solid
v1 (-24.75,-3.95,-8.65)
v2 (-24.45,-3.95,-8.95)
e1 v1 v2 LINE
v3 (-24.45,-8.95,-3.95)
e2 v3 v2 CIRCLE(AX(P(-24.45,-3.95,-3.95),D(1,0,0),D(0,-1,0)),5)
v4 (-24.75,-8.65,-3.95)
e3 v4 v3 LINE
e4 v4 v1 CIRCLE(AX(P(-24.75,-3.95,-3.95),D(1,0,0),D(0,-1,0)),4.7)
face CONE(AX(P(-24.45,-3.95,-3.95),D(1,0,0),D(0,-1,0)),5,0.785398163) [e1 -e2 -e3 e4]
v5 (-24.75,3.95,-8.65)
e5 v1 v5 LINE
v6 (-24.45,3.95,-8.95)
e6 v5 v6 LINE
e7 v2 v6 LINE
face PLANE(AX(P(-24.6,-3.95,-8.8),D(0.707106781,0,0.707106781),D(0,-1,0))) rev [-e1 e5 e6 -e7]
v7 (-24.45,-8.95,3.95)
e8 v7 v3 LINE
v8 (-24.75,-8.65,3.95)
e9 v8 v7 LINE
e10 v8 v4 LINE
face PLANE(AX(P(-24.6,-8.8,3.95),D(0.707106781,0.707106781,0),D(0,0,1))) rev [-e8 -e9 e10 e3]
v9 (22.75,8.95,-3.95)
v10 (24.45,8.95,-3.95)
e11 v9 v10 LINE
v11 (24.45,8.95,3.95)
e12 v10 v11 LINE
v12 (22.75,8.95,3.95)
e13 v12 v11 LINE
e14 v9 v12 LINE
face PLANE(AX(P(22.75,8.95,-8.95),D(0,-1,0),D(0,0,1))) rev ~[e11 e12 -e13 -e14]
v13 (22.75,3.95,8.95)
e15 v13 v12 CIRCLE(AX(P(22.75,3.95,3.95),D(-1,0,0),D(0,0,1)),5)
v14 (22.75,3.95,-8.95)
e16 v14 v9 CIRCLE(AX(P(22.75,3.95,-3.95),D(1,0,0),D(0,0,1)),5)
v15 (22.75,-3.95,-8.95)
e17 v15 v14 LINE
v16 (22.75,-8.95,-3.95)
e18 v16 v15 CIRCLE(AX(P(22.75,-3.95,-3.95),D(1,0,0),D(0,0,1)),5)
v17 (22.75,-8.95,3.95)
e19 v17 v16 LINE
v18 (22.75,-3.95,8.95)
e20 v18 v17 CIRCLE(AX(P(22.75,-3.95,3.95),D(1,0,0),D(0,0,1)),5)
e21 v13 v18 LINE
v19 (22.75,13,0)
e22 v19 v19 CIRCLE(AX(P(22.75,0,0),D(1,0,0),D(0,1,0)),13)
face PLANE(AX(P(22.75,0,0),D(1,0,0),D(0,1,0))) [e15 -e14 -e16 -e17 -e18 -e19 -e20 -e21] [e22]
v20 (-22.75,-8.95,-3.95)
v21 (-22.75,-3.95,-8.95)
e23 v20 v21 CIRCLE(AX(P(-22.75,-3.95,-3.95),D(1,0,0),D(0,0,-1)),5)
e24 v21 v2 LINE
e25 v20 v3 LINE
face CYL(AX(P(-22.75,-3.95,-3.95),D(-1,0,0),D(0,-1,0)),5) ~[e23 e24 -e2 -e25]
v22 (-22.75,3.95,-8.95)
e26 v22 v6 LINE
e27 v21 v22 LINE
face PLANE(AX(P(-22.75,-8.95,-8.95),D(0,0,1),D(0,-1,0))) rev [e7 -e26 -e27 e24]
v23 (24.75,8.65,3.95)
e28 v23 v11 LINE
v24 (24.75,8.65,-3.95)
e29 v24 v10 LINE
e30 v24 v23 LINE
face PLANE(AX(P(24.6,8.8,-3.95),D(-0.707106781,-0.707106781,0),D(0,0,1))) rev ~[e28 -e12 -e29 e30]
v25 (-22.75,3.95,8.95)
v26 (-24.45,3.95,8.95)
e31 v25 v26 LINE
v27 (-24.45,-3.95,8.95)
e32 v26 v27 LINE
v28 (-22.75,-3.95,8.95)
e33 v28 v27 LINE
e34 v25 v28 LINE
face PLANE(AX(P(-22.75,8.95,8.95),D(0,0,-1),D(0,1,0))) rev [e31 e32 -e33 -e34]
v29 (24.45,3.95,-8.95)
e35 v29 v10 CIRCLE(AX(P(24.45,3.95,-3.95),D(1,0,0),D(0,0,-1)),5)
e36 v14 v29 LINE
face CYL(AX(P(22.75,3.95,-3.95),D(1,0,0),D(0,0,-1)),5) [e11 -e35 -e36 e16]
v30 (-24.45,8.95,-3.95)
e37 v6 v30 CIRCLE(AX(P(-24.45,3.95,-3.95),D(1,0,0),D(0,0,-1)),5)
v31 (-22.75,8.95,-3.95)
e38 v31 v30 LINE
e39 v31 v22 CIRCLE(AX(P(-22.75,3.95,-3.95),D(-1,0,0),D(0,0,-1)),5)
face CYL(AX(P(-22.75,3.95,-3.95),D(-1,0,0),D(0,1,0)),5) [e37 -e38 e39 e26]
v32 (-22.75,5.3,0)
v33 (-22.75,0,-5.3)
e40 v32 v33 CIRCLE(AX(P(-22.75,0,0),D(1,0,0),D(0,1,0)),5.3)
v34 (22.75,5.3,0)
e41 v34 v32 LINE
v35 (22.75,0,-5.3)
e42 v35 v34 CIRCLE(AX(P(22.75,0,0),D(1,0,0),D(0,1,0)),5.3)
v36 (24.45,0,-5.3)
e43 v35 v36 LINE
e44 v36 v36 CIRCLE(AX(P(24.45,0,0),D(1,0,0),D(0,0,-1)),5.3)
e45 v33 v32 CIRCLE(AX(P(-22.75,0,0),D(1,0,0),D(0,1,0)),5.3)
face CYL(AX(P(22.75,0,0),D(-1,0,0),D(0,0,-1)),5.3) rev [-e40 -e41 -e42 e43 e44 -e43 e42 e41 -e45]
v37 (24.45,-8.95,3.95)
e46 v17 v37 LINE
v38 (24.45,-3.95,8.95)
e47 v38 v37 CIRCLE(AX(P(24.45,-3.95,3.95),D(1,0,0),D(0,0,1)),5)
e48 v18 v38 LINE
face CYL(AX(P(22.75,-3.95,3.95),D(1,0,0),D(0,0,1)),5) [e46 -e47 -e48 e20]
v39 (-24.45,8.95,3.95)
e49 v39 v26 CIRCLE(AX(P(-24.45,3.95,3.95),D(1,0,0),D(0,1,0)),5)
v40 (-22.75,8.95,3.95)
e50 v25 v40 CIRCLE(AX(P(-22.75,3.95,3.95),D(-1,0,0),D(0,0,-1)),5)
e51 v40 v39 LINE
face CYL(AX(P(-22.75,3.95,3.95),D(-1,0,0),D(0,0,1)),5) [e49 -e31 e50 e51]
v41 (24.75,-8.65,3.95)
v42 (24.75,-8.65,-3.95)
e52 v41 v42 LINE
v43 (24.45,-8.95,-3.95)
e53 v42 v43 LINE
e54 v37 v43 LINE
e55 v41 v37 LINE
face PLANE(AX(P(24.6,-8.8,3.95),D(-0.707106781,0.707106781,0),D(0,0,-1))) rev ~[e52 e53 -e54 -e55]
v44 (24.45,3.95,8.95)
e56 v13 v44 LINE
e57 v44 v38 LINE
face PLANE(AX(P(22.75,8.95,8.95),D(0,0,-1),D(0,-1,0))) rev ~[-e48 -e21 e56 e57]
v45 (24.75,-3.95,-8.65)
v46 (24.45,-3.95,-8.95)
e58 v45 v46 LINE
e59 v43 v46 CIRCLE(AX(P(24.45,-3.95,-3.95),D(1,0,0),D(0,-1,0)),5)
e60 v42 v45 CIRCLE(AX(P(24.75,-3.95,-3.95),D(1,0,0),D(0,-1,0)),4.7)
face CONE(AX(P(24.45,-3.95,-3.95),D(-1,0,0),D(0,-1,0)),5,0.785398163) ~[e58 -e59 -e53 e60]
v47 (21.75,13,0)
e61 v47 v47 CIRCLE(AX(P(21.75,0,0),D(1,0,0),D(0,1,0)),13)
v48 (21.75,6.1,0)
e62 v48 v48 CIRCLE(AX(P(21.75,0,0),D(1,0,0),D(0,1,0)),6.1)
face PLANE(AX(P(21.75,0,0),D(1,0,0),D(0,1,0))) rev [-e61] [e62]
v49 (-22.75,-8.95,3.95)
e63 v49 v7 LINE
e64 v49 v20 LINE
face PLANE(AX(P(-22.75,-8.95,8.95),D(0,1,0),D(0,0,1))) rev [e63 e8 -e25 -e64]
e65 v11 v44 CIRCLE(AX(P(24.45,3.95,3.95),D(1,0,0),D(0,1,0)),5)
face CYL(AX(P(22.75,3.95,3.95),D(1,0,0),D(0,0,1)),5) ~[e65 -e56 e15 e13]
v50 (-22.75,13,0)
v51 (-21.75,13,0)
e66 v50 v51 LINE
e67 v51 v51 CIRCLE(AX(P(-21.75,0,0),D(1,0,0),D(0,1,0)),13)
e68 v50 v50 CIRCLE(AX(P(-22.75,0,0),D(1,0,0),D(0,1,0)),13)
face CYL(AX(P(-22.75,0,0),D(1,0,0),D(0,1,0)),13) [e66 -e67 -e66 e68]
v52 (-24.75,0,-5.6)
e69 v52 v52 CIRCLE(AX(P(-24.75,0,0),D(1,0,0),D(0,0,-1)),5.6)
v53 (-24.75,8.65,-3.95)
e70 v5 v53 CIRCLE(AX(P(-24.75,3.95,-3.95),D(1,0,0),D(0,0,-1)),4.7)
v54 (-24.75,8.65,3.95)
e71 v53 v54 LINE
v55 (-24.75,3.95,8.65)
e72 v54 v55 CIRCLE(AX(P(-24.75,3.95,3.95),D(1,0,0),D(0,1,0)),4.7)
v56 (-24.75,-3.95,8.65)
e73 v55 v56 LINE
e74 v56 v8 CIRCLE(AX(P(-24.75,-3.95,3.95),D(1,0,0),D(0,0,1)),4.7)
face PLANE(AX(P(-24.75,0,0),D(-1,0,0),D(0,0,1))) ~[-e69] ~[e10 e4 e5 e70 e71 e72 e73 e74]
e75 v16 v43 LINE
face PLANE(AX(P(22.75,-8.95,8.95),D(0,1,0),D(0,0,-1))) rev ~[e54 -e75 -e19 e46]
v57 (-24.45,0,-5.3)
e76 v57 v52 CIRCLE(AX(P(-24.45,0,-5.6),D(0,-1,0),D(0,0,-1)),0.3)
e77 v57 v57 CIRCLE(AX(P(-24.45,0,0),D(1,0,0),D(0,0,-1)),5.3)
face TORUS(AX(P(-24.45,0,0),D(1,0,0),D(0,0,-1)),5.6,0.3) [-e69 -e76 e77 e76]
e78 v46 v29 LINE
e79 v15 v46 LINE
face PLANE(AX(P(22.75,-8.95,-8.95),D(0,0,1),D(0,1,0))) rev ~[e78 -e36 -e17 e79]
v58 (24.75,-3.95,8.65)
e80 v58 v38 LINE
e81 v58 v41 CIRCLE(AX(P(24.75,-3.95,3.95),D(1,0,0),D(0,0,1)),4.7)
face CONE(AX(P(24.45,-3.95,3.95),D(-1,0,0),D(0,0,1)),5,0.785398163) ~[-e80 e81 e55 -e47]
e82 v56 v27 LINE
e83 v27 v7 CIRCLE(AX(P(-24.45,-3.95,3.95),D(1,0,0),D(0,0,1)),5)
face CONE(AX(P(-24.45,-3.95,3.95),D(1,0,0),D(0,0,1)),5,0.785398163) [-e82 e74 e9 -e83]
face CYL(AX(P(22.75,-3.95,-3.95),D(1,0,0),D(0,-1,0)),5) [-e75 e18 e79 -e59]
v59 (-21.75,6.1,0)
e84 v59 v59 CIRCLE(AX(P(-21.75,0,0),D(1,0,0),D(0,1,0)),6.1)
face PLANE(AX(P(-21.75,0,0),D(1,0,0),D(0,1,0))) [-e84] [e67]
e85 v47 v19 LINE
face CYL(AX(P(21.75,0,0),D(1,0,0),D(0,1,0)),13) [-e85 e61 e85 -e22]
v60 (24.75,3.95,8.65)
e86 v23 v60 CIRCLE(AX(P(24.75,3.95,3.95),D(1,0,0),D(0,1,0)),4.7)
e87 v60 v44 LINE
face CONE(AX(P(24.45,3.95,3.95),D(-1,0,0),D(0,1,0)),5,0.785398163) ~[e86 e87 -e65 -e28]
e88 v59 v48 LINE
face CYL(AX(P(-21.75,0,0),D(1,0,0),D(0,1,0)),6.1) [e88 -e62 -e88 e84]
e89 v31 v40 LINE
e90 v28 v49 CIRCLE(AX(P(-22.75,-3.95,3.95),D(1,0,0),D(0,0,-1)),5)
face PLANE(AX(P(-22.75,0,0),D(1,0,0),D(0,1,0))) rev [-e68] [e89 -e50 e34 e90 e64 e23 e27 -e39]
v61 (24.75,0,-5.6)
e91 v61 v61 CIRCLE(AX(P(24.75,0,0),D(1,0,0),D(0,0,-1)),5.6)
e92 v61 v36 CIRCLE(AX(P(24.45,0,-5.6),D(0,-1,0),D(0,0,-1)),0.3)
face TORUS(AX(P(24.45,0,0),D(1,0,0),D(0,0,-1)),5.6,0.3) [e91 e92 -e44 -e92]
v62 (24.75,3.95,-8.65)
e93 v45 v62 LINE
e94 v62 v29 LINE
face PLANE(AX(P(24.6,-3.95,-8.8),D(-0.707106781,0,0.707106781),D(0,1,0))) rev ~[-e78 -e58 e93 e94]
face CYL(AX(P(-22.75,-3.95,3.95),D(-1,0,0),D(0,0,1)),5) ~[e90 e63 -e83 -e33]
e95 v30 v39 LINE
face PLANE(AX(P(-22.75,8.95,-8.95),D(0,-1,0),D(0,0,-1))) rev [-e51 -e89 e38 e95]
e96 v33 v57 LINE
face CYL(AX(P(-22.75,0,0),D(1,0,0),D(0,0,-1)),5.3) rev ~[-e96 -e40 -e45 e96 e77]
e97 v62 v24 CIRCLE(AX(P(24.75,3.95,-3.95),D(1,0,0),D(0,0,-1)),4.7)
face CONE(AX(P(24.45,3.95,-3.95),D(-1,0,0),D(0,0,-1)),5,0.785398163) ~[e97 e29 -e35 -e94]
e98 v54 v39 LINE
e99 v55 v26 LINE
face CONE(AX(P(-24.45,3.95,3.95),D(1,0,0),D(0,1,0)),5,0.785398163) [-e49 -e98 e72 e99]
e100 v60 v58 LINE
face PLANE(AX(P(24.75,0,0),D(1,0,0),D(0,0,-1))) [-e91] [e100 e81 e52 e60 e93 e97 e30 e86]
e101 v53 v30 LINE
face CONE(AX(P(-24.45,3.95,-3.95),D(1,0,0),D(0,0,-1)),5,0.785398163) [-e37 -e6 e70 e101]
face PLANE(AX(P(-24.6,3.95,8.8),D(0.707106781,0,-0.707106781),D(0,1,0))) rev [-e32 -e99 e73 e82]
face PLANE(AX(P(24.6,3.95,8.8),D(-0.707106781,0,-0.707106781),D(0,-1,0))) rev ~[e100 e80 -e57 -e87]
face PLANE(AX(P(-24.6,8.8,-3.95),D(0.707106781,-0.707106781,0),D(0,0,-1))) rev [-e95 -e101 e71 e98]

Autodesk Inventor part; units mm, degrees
ref_plane "YZ Plane" through (0, 0, 0) normal (1, 0, 0) x (0, 1, 0)
ref_plane "XZ Plane" through (0, 0, 0) normal (0, 1, 0) x (-1, 0, 0)
ref_plane "XY Plane" through (0, 0, 0) normal (0, 0, 1) x (1, 0, 0)
sketch "Skizze1" plane through (0, 0, 0) normal (0, 0, 1) x (1, 0, 0)
  line L0 (22.75, 13) -> (22.75, 5.3)
  line L1 (22.75, 5.3) -> (-22.75, 5.3)
  line L2 (-22.75, 5.3) -> (-22.75, 13)
  line L3 (-22.75, 0) -> (22.75, 0)
  line L4 (-22.75, 13) -> (-21.75, 13)
  line L5 (-21.75, 13) -> (-21.75, 6.1)
  line L6 (-21.75, 6.1) -> (21.75, 6.1)
  line L7 (21.75, 6.1) -> (21.75, 13)
  line L8 (21.75, 13) -> (22.75, 13)
  point P0 (0, 0)
  point P1 (0, 5.3)
  point P2 (0, 0)
  dimension "d0" = 10.6
  dimension "d2" = 45.5
  dimension "d8" = 1
  dimension "d9" = 0.8
  dimension "d10" = 26
revolve "Umdrehung1" add sketch "Skizze1" angle 360 about axis through (-22.75, 0, 0) along (1, 0, 0)
sketch "Skizze3" plane through (22.75, 0, 0) normal (1, 0, 0) x (0, 0, -1)
  line L0 (-8.95, -8.95) -> (8.95, -8.95)
  line L1 (8.95, -8.95) -> (8.95, 8.95)
  line L2 (8.95, 8.95) -> (-8.95, 8.95)
  line L3 (-8.95, 8.95) -> (-8.95, -8.95)
  line L4 (-8.95, -8.95) -> (8.95, 8.95) construction
  line L5 (8.95, -8.95) -> (-8.95, 8.95) construction
  circle A0 centre (0, 0) radius 5.3 projected
  point P0 (0, 0)
  dimension "d11" = 17.9
extrude "Extrusion2" add sketch "Skizze3" along normal blind 2
fillet "Rundung2" radius 5 4 edges at (23.75, 8.95, 8.95) (23.75, 8.95, -8.95) (23.75, -8.95, 8.95) (23.75, -8.95, -8.95)
mirror "Spiegeln1" about plane through (0, 0, 0) normal (1, 0, 0) of "Extrusion2", "Rundung2"
chamfer "Fase1" distance 0.3 angle 45 4 edges at (-24.75, 0, -8.95) (-24.75, 8.95, 0) (-24.75, 0, 8.95) (-24.75, -8.95, 0)
chamfer "Fase2" distance 0.3 angle 45 4 edges at (24.75, 0, -8.95) (24.75, 8.95, 0) (24.75, 0, 8.95) (24.75, -8.95, 0)
fillet "Rundung5" radius 0.3 1 edges at (24.75, 0, 5.3)
fillet "Rundung6" radius 0.3 1 edges at (-24.75, 0, 5.3)
sketch "Skizze4" plane through (24.75, 0, 0) normal (1, 0, 0) x (0, 0, -1)
  circle A0 centre (0, 0) radius 15
  point P0 (0, 0)
ref_plane "Arbeitsebene1" through (0, 0, 0) normal (1, 0, 0) x (0, 1, 0)
properties part number "Hüllse mit Isolator" material "Nylon 6/6"
